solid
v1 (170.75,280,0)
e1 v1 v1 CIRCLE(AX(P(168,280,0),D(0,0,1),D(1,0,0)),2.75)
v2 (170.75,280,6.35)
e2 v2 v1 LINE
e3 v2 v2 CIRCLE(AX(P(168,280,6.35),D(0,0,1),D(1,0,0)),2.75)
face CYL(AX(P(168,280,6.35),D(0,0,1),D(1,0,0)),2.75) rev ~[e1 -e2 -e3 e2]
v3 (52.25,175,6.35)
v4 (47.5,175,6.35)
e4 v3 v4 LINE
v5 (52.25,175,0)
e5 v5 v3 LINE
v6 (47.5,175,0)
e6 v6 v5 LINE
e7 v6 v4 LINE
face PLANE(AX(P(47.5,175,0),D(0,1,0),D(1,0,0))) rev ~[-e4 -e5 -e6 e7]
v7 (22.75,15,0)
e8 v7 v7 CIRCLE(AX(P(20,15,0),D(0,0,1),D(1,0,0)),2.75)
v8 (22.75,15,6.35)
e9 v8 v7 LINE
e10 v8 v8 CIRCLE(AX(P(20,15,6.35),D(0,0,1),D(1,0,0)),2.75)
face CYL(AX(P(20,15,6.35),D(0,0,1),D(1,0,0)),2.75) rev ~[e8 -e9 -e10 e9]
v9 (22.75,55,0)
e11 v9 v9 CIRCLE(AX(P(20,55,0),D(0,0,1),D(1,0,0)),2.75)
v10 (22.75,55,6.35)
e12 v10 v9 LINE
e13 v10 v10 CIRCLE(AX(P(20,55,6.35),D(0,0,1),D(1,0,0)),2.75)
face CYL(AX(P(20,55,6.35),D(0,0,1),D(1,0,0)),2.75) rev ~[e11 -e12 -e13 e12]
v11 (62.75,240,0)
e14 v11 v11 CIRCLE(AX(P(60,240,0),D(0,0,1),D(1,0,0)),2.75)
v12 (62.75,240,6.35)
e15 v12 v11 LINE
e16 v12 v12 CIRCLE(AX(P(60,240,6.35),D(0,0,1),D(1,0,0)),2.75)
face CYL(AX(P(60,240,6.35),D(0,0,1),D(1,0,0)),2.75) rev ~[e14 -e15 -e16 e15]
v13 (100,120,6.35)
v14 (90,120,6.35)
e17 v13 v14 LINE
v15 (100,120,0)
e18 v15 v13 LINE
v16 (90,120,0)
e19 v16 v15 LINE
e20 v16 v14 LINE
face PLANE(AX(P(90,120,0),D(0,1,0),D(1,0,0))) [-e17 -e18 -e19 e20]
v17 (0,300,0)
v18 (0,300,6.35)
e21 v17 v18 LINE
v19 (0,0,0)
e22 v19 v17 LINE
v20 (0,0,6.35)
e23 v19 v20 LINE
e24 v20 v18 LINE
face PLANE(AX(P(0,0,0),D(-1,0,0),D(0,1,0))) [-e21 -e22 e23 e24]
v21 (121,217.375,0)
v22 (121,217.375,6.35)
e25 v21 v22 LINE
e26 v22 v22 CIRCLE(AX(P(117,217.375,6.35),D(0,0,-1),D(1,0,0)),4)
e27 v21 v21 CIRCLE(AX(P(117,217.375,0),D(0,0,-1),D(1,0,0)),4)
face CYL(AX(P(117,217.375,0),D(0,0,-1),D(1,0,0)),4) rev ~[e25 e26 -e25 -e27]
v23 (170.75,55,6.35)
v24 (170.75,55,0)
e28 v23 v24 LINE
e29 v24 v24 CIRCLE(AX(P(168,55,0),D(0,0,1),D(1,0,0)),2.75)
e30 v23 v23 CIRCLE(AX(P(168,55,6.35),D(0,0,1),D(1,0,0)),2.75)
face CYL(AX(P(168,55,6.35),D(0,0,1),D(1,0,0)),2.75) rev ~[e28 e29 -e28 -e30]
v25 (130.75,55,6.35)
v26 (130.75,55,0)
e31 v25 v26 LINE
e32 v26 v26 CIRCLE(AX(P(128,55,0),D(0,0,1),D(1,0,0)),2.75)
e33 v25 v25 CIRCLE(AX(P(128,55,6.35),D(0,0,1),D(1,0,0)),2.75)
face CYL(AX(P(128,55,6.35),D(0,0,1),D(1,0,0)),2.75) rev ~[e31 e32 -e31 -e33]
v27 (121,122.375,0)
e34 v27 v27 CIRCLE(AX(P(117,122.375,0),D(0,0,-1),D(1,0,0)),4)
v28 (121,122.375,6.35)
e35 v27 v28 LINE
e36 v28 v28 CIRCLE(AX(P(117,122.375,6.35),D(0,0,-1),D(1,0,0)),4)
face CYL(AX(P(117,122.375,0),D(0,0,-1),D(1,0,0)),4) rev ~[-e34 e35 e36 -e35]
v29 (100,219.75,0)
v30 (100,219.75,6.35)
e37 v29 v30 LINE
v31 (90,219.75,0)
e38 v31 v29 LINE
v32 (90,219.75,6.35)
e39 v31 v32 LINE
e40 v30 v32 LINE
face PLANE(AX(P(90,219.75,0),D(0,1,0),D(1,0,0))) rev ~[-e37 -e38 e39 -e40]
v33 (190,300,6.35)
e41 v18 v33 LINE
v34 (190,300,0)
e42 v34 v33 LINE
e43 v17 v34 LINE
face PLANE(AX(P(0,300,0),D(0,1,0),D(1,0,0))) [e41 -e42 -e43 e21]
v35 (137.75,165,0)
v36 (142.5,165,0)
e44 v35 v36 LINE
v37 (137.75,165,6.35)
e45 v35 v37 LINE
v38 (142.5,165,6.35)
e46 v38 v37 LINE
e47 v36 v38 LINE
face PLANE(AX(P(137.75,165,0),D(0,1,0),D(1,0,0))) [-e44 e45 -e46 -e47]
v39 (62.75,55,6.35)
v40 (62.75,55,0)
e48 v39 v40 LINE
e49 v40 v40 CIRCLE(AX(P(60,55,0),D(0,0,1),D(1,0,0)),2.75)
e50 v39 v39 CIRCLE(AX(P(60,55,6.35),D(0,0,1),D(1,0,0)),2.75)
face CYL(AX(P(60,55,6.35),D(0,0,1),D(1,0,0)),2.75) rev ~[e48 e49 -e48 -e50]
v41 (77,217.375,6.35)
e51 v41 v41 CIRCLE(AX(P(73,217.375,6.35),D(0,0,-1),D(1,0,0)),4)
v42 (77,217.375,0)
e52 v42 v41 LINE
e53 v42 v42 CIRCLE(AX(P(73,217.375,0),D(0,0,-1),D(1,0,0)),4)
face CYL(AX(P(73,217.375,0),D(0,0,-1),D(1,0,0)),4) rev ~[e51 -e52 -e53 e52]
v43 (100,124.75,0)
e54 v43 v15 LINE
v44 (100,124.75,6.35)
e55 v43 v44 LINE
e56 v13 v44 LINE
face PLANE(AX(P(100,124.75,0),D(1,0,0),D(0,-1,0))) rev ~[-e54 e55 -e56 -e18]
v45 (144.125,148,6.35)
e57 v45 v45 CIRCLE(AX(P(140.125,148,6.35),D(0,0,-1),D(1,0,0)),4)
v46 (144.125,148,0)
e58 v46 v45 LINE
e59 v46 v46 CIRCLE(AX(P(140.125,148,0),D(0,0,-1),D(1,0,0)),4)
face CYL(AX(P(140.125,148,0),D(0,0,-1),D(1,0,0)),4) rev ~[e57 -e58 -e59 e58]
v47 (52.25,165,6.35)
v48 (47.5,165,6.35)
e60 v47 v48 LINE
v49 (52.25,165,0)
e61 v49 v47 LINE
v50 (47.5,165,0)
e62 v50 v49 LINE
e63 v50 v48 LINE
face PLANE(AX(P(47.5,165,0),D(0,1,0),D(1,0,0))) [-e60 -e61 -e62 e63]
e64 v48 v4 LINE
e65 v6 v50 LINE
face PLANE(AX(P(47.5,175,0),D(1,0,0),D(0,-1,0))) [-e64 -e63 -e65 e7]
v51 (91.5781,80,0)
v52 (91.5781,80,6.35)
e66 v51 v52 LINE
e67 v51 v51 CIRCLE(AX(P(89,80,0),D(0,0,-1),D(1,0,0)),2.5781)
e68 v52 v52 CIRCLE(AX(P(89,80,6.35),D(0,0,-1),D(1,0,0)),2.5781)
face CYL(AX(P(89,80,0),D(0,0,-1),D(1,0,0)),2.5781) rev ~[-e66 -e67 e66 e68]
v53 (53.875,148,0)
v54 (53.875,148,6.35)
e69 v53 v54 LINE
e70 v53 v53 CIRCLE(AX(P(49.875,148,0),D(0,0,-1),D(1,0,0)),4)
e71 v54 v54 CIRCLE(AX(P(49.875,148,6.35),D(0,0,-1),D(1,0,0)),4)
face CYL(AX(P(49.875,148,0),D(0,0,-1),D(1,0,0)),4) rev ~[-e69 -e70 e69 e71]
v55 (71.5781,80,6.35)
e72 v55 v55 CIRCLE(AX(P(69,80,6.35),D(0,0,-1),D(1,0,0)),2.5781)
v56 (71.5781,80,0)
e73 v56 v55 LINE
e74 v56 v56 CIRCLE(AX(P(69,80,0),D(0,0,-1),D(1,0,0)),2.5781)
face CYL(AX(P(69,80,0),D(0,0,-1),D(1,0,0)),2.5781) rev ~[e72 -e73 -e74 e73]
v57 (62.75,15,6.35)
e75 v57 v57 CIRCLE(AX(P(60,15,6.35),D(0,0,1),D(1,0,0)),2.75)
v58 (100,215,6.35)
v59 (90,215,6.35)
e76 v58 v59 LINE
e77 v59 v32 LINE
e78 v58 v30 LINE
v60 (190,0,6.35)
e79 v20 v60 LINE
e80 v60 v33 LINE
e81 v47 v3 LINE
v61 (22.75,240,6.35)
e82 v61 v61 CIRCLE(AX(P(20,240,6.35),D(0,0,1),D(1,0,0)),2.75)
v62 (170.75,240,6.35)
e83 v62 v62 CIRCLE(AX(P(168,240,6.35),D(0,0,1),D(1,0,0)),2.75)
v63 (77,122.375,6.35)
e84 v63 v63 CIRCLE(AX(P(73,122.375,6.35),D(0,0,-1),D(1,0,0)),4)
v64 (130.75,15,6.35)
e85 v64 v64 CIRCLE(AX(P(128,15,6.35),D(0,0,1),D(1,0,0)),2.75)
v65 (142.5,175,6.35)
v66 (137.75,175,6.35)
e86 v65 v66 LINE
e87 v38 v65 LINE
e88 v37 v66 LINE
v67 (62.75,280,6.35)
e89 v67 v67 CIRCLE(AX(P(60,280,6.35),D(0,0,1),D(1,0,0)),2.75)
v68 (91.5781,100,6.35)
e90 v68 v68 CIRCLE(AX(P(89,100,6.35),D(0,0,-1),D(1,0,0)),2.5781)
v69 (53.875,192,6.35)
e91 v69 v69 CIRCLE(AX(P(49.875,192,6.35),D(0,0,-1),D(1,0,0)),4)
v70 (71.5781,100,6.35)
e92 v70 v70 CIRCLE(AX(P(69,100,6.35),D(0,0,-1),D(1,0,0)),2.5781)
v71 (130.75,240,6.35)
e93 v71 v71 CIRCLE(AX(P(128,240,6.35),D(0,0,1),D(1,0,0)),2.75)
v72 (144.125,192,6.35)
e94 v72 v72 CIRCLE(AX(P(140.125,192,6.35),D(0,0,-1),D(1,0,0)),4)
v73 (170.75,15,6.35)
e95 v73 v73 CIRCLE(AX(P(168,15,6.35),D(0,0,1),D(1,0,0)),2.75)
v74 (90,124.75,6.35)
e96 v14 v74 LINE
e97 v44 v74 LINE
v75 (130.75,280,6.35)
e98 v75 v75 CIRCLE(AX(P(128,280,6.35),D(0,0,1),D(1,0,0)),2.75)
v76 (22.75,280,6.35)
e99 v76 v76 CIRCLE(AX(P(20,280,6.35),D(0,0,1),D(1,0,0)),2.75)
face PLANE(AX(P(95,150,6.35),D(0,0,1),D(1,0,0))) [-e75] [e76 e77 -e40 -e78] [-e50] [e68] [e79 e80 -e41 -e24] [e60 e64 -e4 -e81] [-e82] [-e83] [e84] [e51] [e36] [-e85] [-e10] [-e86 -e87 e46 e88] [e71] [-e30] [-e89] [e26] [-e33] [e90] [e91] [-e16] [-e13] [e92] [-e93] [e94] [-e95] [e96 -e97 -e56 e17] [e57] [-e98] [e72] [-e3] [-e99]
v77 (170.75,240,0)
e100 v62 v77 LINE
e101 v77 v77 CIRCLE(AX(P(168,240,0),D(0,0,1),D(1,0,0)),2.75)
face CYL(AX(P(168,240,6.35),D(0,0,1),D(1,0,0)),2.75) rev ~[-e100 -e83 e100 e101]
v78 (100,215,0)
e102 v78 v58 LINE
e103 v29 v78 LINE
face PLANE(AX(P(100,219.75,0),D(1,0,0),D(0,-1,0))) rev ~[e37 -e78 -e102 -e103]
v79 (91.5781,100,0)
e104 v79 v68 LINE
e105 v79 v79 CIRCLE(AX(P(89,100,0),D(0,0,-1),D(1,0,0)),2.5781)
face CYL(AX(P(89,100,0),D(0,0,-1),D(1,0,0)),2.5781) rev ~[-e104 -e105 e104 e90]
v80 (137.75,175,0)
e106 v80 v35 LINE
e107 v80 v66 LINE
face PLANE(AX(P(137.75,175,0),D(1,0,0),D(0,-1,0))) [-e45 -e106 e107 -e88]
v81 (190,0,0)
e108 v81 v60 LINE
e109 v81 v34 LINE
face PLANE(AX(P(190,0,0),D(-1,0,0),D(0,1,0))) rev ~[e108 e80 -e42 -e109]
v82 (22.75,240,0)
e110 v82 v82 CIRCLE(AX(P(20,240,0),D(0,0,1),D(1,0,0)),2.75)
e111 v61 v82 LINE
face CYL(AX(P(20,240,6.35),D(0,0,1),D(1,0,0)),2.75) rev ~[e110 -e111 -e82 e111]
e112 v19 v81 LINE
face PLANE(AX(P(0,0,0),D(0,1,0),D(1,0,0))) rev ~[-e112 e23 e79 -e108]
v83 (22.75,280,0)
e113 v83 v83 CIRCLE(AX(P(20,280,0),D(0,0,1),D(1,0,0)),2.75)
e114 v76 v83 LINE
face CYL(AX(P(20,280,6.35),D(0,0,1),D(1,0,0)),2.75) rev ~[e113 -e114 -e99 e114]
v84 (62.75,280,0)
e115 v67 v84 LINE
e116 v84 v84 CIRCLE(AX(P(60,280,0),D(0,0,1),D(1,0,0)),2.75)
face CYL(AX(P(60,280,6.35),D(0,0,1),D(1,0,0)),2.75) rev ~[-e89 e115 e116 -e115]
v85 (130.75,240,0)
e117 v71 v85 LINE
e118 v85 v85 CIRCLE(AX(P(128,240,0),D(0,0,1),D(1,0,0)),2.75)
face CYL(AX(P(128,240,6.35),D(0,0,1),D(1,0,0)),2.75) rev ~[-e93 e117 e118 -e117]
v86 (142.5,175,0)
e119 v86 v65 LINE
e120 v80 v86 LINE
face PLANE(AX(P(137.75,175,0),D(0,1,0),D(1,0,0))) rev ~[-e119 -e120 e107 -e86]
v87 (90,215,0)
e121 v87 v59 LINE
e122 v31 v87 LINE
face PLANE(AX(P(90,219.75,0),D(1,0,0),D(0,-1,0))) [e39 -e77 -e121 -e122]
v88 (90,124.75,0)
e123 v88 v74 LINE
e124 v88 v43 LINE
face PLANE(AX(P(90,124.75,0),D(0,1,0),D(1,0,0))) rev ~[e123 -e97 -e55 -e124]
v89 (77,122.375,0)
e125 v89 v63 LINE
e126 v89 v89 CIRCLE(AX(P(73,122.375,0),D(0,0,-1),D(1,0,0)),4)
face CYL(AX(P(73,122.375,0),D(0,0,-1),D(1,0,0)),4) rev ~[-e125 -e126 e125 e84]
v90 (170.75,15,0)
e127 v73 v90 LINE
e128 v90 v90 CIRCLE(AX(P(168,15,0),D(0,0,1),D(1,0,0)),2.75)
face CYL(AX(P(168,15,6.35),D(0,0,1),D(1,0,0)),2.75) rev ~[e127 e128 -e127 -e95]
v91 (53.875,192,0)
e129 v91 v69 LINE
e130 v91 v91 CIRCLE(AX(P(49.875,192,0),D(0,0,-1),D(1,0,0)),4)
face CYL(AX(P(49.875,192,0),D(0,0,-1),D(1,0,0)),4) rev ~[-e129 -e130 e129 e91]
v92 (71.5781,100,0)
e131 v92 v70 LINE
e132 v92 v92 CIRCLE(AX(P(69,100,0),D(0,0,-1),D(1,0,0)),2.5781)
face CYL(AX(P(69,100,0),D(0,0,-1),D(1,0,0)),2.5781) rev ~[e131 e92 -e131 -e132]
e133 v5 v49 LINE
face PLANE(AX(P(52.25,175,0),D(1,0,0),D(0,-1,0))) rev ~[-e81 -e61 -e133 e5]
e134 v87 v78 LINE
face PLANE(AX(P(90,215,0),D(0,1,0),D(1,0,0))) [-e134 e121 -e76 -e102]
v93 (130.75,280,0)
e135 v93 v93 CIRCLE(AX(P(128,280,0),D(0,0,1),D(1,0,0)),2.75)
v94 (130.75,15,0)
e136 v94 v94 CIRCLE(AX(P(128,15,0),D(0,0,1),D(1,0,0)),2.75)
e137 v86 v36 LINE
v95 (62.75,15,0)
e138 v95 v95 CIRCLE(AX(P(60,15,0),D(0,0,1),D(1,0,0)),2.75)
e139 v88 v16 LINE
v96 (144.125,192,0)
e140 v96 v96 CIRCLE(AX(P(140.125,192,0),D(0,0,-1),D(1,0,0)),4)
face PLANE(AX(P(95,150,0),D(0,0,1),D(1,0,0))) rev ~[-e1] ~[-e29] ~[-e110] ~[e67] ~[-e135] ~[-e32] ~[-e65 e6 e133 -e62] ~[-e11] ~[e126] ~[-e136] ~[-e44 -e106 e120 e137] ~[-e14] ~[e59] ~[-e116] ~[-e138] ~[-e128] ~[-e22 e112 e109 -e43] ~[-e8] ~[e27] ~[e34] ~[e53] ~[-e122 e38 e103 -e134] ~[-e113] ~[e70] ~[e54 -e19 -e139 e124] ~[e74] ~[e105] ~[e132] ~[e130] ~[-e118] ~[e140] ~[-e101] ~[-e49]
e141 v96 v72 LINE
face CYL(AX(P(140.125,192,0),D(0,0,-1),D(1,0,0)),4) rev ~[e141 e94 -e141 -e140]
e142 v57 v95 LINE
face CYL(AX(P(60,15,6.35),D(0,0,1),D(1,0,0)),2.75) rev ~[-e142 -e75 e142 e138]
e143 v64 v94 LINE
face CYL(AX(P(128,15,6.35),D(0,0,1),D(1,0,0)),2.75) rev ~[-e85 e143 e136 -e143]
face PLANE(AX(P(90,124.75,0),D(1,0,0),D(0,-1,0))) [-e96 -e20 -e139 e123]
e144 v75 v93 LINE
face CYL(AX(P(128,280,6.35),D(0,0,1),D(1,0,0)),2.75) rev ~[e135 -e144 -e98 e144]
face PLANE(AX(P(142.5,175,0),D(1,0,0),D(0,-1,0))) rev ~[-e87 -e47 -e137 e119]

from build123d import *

# Parameters (mm, degrees)
SKETCH_W        = 190
SKETCH_H        = 300
PAD_DEPTH       = 6.35
SKETCH001_R     = 2.75
POCKET_DEPTH    = 6.351
SKETCH002_R     = 4
SKETCH002_W     = 10
SKETCH002_H     = 4.75
SKETCH002_W_2   = 4.75
SKETCH002_H_2   = 10
POCKET001_DEPTH = 6.351
SKETCH003_R     = 4
POCKET002_DEPTH = 6.351
SKETCH004_R     = 2.5781
POCKET003_DEPTH = 6.351


with BuildPart() as part:
    # Sketch → Pad (new body)
    with BuildSketch(Plane.XY):
        with Locations((95, 150)):
            Rectangle(SKETCH_W, SKETCH_H)
    extrude(amount=PAD_DEPTH)

    # Sketch001 → Pocket (cut, through all)
    with BuildSketch(Plane.XY.offset(6.35)):
        with Locations((20, 280)):
            Circle(SKETCH001_R)
        with Locations((20, 240)):
            Circle(SKETCH001_R)
        with Locations((60, 240)):
            Circle(SKETCH001_R)
        with Locations((60, 280)):
            Circle(SKETCH001_R)
        with Locations((128, 280)):
            Circle(SKETCH001_R)
        with Locations((168, 280)):
            Circle(SKETCH001_R)
        with Locations((128, 240)):
            Circle(SKETCH001_R)
        with Locations((168, 240)):
            Circle(SKETCH001_R)
        with Locations((20, 55)):
            Circle(SKETCH001_R)
        with Locations((60, 55)):
            Circle(SKETCH001_R)
        with Locations((20, 15)):
            Circle(SKETCH001_R)
        with Locations((60, 15)):
            Circle(SKETCH001_R)
        with Locations((128, 15)):
            Circle(SKETCH001_R)
        with Locations((168, 55)):
            Circle(SKETCH001_R)
        with Locations((128, 55)):
            Circle(SKETCH001_R)
        with Locations((168, 15)):
            Circle(SKETCH001_R)
    extrude(amount=-POCKET_DEPTH, mode=Mode.SUBTRACT)

    # Sketch002 → Pocket001 (cut, through all)
    with BuildSketch(Plane(origin=(0, 0, 0), x_dir=(1, 0, 0), z_dir=(0, 0, -1))):
        with Locations((49.875, -148)):
            Circle(SKETCH002_R)
        with Locations((49.875, -192)):
            Circle(SKETCH002_R)
        with Locations((140.125, -148)):
            Circle(SKETCH002_R)
        with Locations((140.125, -192)):
            Circle(SKETCH002_R)
        with Locations((95, -122.375)):
            Rectangle(SKETCH002_W, SKETCH002_H)
        with Locations((95, -217.375)):
            Rectangle(SKETCH002_W, SKETCH002_H)
        with Locations((49.875, -170)):
            Rectangle(SKETCH002_W_2, SKETCH002_H_2)
        with Locations((140.125, -170)):
            Rectangle(SKETCH002_W_2, SKETCH002_H_2)
    extrude(amount=-POCKET001_DEPTH, mode=Mode.SUBTRACT)

    # Sketch003 → Pocket002 (cut, through all)
    with BuildSketch(Plane(origin=(0, 0, 0), x_dir=(1, 0, 0), z_dir=(0, 0, -1))):
        with Locations((73, -217.375)):
            Circle(SKETCH003_R)
        with Locations((117, -217.375)):
            Circle(SKETCH003_R)
        with Locations((73, -122.375)):
            Circle(SKETCH003_R)
        with Locations((117, -122.375)):
            Circle(SKETCH003_R)
    extrude(amount=-POCKET002_DEPTH, mode=Mode.SUBTRACT)

    # Sketch004 → Pocket003 (cut, through all)
    with BuildSketch(Plane(origin=(0, 0, 0), x_dir=(1, 0, 0), z_dir=(0, 0, -1))):
        with Locations((69, -80)):
            Circle(SKETCH004_R)
        with Locations((89, -80)):
            Circle(SKETCH004_R)
        with Locations((89, -100)):
            Circle(SKETCH004_R)
        with Locations((69, -100)):
            Circle(SKETCH004_R)
    extrude(amount=-POCKET003_DEPTH, mode=Mode.SUBTRACT)


solid = part.part
